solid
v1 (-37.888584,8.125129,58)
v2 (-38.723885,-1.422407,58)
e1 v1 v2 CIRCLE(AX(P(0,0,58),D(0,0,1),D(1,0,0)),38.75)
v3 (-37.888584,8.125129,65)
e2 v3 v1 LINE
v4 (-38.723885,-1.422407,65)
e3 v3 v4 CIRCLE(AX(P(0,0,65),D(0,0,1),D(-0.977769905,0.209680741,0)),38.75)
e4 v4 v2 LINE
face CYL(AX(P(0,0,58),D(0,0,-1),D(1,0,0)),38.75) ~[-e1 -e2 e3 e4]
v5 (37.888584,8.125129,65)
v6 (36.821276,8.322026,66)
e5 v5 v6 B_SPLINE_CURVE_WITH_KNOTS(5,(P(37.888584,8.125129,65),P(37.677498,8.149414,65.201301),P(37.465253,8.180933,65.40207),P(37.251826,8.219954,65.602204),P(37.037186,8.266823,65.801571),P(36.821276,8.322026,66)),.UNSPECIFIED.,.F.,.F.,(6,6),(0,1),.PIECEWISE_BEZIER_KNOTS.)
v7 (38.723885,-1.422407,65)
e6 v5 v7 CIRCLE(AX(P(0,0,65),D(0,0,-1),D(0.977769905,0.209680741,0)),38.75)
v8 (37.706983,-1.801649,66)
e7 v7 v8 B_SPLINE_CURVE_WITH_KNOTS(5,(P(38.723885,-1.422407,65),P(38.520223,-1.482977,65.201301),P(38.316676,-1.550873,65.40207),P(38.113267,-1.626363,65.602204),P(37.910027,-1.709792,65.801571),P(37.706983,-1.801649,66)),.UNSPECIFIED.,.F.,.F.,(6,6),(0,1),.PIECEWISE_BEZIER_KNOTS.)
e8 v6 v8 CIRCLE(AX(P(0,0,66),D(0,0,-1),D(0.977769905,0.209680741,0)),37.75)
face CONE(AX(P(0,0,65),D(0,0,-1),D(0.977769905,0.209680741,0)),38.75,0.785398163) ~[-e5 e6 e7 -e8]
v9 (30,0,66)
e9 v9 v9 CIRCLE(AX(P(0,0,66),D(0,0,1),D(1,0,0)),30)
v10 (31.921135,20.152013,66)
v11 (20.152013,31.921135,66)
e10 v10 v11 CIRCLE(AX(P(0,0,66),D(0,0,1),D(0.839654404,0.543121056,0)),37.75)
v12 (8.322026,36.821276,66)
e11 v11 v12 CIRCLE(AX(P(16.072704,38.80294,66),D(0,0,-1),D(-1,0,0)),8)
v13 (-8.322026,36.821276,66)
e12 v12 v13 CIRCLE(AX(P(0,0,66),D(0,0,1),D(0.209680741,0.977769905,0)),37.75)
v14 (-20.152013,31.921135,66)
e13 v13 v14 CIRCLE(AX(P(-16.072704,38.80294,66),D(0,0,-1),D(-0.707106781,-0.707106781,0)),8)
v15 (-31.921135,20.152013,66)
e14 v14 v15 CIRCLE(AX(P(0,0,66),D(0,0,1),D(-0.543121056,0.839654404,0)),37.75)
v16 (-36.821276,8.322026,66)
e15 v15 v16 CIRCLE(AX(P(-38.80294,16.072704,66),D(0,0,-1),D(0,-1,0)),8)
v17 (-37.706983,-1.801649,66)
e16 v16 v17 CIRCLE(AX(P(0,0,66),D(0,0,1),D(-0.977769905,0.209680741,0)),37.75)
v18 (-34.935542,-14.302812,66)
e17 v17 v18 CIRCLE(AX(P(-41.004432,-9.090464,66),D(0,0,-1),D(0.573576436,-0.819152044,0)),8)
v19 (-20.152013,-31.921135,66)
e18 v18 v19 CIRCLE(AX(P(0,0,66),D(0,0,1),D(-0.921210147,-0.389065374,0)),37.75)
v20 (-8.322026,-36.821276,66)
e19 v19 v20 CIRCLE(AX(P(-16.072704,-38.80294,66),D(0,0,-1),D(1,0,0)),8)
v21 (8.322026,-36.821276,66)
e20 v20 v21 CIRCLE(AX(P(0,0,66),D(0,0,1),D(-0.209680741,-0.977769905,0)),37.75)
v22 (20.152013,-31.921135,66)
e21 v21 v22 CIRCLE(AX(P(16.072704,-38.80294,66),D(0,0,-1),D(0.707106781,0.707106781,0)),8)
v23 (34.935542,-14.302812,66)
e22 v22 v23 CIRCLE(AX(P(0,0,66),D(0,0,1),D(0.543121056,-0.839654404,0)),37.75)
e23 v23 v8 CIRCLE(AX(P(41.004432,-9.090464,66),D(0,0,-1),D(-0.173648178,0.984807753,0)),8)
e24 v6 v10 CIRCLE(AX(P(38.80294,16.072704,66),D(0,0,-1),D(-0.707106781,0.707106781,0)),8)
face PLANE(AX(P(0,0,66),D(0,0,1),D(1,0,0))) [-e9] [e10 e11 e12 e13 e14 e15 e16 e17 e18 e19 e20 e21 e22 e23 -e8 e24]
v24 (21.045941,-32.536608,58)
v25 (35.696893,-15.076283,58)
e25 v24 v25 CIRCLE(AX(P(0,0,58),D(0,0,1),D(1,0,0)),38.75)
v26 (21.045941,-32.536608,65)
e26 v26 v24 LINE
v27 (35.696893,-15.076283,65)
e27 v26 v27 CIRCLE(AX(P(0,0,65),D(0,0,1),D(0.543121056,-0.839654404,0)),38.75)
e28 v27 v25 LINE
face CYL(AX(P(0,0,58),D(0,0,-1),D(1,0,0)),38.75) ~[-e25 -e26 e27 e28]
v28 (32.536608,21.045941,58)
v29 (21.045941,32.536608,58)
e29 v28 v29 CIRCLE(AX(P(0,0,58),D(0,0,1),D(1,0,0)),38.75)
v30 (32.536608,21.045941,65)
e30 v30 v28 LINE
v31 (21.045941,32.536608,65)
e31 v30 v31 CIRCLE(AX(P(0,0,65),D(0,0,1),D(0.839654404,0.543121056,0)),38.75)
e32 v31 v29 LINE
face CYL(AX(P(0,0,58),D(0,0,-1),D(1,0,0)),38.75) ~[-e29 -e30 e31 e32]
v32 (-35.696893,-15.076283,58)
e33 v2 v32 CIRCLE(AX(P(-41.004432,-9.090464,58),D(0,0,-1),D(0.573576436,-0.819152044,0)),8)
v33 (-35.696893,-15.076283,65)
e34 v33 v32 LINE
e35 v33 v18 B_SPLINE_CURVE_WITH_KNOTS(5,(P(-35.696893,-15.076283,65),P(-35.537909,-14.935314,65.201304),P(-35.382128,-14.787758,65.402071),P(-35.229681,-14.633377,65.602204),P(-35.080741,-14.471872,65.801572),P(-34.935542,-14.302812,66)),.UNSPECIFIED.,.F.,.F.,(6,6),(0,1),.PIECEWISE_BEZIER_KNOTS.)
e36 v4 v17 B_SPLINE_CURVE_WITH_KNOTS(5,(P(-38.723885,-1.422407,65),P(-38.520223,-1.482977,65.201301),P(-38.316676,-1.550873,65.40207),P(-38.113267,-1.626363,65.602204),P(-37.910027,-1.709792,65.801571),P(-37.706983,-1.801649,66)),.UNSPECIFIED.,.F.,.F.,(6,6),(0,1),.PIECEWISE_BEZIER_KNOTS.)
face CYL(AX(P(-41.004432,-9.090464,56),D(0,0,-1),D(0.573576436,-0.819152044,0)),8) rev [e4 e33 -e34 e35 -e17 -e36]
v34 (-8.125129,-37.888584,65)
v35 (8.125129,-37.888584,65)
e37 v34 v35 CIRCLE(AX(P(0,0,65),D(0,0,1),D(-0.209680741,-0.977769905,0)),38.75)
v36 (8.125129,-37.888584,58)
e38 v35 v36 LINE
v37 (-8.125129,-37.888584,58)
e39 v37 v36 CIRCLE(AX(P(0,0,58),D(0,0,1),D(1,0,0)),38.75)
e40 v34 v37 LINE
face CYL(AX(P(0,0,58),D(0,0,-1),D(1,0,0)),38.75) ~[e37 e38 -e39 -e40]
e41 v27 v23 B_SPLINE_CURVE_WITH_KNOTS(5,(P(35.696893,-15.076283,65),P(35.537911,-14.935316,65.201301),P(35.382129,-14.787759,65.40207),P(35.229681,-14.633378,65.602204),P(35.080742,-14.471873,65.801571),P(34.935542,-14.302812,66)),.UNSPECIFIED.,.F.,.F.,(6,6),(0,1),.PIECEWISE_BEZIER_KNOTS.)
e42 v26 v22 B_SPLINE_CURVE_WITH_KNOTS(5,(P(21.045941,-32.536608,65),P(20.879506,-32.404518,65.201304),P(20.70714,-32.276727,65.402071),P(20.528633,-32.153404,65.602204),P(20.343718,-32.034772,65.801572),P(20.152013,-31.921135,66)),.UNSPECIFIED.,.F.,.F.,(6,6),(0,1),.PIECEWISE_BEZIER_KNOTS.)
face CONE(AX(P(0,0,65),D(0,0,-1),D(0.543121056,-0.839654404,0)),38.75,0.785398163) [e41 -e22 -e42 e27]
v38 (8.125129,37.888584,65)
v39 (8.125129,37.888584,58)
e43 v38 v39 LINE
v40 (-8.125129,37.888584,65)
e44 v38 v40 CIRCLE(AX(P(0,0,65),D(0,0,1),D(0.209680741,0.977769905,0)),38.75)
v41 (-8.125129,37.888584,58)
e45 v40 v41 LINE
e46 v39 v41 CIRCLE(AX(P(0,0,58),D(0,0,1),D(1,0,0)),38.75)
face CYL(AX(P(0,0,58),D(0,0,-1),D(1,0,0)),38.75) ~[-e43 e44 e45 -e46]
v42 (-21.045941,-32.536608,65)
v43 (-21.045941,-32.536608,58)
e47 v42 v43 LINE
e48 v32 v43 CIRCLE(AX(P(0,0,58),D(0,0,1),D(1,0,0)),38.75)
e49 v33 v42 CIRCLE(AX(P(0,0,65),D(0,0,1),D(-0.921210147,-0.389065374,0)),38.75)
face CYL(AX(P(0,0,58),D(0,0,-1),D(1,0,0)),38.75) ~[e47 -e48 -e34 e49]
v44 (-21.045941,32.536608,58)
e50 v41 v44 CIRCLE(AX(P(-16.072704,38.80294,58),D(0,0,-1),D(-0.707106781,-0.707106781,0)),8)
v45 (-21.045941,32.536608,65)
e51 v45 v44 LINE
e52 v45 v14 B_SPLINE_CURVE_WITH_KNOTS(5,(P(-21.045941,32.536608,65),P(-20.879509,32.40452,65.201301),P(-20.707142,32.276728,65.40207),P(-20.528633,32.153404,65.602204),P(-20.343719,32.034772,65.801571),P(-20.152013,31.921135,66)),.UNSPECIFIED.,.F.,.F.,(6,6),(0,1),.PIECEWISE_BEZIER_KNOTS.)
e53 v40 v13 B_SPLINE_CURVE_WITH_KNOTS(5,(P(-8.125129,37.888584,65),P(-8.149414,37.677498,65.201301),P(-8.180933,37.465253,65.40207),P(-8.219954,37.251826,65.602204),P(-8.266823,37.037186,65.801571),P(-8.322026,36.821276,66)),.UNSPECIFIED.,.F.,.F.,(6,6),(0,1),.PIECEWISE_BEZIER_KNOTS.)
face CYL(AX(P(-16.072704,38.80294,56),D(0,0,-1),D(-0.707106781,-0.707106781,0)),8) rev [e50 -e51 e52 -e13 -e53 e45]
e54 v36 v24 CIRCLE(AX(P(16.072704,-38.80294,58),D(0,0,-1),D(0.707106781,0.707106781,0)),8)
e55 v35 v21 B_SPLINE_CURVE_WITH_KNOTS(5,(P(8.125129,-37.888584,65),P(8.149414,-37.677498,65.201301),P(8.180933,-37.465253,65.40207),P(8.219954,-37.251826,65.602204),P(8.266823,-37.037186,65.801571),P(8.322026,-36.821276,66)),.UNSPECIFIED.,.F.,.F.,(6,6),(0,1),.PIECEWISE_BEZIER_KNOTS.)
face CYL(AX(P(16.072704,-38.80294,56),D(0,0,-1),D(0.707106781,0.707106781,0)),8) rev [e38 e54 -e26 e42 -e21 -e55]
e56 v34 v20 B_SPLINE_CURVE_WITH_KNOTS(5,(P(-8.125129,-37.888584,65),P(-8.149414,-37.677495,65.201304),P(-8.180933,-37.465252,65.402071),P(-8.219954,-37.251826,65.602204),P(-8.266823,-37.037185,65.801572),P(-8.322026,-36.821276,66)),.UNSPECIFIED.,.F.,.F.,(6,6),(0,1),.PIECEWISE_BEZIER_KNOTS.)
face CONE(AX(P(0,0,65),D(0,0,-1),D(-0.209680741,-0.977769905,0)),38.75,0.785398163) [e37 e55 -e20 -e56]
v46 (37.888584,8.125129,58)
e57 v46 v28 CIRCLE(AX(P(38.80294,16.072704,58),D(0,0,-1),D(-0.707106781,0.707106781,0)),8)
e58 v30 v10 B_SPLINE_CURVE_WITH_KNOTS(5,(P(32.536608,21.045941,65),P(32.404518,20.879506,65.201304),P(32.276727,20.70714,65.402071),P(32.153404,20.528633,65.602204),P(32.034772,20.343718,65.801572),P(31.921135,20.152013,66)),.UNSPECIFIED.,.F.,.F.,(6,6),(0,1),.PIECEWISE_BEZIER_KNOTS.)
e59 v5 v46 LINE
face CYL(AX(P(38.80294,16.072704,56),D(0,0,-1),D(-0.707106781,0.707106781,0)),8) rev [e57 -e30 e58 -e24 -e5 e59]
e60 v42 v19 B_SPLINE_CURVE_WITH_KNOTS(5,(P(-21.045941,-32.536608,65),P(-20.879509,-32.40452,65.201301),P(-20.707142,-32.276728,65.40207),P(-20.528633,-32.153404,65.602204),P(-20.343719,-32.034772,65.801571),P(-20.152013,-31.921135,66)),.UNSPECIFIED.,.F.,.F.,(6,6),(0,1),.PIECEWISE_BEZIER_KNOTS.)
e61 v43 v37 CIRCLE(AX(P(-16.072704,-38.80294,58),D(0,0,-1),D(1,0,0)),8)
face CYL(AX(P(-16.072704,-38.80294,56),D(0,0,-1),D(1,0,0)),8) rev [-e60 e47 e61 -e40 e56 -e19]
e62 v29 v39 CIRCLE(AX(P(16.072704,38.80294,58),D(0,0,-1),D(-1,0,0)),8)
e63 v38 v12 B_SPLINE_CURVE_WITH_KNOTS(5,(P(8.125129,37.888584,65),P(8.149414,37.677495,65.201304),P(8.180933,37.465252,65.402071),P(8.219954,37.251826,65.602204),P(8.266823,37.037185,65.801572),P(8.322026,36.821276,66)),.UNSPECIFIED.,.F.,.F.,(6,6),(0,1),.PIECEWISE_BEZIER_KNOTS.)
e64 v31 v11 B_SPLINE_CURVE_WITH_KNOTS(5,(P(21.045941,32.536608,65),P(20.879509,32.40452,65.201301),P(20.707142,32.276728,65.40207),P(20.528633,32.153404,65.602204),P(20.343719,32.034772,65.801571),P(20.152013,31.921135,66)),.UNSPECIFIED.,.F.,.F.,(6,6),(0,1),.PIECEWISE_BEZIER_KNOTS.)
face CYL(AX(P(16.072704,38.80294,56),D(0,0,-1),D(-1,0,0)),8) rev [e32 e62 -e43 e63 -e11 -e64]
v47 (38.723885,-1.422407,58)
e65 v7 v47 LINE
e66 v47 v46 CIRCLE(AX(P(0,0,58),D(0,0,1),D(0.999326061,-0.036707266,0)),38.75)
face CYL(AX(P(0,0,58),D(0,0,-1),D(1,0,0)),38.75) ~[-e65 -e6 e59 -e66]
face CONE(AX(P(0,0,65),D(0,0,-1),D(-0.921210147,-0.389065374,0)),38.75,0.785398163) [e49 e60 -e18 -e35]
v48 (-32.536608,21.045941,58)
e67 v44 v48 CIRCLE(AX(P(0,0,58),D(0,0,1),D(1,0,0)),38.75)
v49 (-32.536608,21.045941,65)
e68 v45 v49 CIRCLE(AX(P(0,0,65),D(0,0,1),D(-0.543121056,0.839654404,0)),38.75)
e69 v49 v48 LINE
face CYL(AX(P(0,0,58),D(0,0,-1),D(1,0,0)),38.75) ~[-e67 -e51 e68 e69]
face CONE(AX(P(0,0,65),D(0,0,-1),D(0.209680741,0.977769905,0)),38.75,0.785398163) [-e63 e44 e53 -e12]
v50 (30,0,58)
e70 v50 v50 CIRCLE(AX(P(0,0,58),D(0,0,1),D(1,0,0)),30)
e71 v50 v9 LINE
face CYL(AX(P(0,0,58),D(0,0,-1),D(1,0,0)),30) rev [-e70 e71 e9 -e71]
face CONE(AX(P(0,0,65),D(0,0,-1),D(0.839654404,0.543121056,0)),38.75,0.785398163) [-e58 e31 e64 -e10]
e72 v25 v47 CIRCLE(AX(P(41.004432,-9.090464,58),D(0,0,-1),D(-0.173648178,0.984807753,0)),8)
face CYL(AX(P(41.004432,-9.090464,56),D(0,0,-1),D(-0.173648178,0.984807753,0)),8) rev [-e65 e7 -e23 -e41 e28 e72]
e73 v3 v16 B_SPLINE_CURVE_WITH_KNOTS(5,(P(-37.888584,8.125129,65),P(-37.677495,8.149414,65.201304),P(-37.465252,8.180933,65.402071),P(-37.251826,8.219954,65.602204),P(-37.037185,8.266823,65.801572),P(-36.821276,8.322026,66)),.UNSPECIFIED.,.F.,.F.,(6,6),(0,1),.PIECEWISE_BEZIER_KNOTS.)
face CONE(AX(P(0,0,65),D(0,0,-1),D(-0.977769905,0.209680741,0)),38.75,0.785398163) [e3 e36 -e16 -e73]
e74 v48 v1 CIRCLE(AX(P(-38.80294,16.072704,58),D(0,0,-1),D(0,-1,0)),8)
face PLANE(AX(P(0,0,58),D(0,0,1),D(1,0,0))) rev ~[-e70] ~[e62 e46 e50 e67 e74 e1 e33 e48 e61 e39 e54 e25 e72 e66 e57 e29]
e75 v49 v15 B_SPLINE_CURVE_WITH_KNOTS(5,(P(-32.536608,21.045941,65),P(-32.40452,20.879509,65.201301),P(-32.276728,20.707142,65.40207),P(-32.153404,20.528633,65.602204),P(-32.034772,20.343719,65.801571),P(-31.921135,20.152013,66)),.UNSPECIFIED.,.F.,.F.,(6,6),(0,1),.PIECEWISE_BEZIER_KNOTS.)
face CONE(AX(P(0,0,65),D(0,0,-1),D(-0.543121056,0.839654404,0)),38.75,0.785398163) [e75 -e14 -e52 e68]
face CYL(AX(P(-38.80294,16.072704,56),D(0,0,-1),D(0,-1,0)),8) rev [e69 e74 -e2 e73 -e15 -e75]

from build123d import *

# Parameters (mm, degrees)
CYLINDER749_R               = 8
CYLINDER749_DEPTH           = 20
CYLINDER749_PLACEMENT_ANGLE = 100
CYLINDER747_R               = 8
CYLINDER747_DEPTH           = 20
CYLINDER747_PLACEMENT_ANGLE = 135
CYLINDER751_R               = 8
CYLINDER751_DEPTH           = 20
CYLINDER753_R               = 8
CYLINDER753_DEPTH           = 20
CYLINDER753_PLACEMENT_ANGLE = 225
CYLINDER746_R               = 8
CYLINDER746_DEPTH           = 20
CYLINDER750_R               = 8
CYLINDER750_DEPTH           = 20
CYLINDER750_PLACEMENT_ANGLE = 55
CYLINDER748_R               = 8
CYLINDER748_DEPTH           = 20
CYLINDER752_R               = 8
CYLINDER752_DEPTH           = 20
CYLINDER752_PLACEMENT_ANGLE = 45
TUBE081_R                   = 38.75
TUBE081_R_2                 = 30
TUBE081_DEPTH               = 8
CHAMFER004_SIZE             = 1


with BuildPart() as v_lec749:
    # Cylinder749 → Cylinder749 (new body)
    with BuildSketch(Plane.XY):
        Circle(CYLINDER749_R)
    extrude(amount=CYLINDER749_DEPTH)


with BuildPart() as v_lec749_1:
    # Cylinder749 placement: moved
    add(v_lec749.part.moved(Location((41.004432, -9.090464, 0))).rotate(Axis((41.004432, -9.090464, 0), (0, 0, 1)), CYLINDER749_PLACEMENT_ANGLE))


with BuildPart() as v_lec747:
    # Cylinder747 → Cylinder747 (new body)
    with BuildSketch(Plane.XY):
        Circle(CYLINDER747_R)
    extrude(amount=CYLINDER747_DEPTH)


with BuildPart() as v_lec747_1:
    # Cylinder747 placement: moved
    add(v_lec747.part.moved(Location((38.80294, 16.072704, 0))).rotate(Axis((38.80294, 16.072704, 0), (0, 0, 1)), CYLINDER747_PLACEMENT_ANGLE))


with BuildPart() as v_lec751:
    # Cylinder751 → Cylinder751 (new body)
    with BuildSketch(Plane(origin=(16.072704, 38.80294, 0), x_dir=(-1, 0, 0), z_dir=(0, 0, 1))):
        Circle(CYLINDER751_R)
    extrude(amount=CYLINDER751_DEPTH)


with BuildPart() as v_lec753:
    # Cylinder753 → Cylinder753 (new body)
    with BuildSketch(Plane.XY):
        Circle(CYLINDER753_R)
    extrude(amount=CYLINDER753_DEPTH)


with BuildPart() as v_lec753_1:
    # Cylinder753 placement: moved
    add(v_lec753.part.moved(Location((-16.072704, 38.80294, 0))).rotate(Axis((-16.072704, 38.80294, 0), (0, 0, 1)), CYLINDER753_PLACEMENT_ANGLE))


with BuildPart() as v_lec746:
    # Cylinder746 → Cylinder746 (new body)
    with BuildSketch(Plane(origin=(-38.80294, 16.072704, 0), x_dir=(0, -1, 0), z_dir=(0, 0, 1))):
        Circle(CYLINDER746_R)
    extrude(amount=CYLINDER746_DEPTH)


with BuildPart() as v_lec750:
    # Cylinder750 → Cylinder750 (new body)
    with BuildSketch(Plane.XY):
        Circle(CYLINDER750_R)
    extrude(amount=CYLINDER750_DEPTH)


with BuildPart() as v_lec750_1:
    # Cylinder750 placement: moved
    add(v_lec750.part.moved(Location((-41.004432, -9.090464, 0))).rotate(Axis((-41.004432, -9.090464, 0), (0, 0, -1)), CYLINDER750_PLACEMENT_ANGLE))


with BuildPart() as v_lec748:
    # Cylinder748 → Cylinder748 (new body)
    with BuildSketch(Plane(origin=(-16.072704, -38.80294, 0), x_dir=(1, 0, 0), z_dir=(0, 0, 1))):
        Circle(CYLINDER748_R)
    extrude(amount=CYLINDER748_DEPTH)


with BuildPart() as compound708:
    # Cylinder752 → Cylinder752 (new body)
    with BuildSketch(Plane.XY):
        Circle(CYLINDER752_R)
    extrude(amount=CYLINDER752_DEPTH)


with BuildPart() as compound708_1:
    # Cylinder752 placement: moved
    add(compound708.part.moved(Location((16.072704, -38.80294, 0))).rotate(Axis((16.072704, -38.80294, 0), (0, 0, 1)), CYLINDER752_PLACEMENT_ANGLE))

    # Compound708: union Válec749, Válec747, Válec751, Válec753, Válec746, Válec750, Válec748
    add(v_lec749_1.part)
    add(v_lec747_1.part)
    add(v_lec751.part)
    add(v_lec753_1.part)
    add(v_lec746.part)
    add(v_lec750_1.part)
    add(v_lec748.part)


with BuildPart() as compound708_2:
    # Compound708 placement: moved
    add(compound708_1.part.moved(Location((0, 0, 56))))


with BuildPart() as chamfer004:
    # Tube081 → Tube081 (new body)
    with BuildSketch(Plane.XY.offset(58)):
        Circle(TUBE081_R)
        Circle(TUBE081_R_2, mode=Mode.SUBTRACT)
    extrude(amount=TUBE081_DEPTH)

    # Cut331: cut Compound708
    add(compound708_2.part, mode=Mode.SUBTRACT)

    # Chamfer004
    chamfer004_edges = [chamfer004.edges().sort_by_distance(p)[0] for p in [
        (38.743471, -0.711323, 66),
        (38.534044, 4.085332, 66),
        (29.684222, -24.90802, 66),
        (0, -38.75, 66),
        (-29.684222, -24.90802, 66),
        (-38.602545, 3.377285, 66),
        (-27.400388, 27.400388, 66),
        (0, 38.75, 66),
        (27.400388, 27.400388, 66),
    ]]
    chamfer(chamfer004_edges, length=CHAMFER004_SIZE)


solid = chamfer004.part
